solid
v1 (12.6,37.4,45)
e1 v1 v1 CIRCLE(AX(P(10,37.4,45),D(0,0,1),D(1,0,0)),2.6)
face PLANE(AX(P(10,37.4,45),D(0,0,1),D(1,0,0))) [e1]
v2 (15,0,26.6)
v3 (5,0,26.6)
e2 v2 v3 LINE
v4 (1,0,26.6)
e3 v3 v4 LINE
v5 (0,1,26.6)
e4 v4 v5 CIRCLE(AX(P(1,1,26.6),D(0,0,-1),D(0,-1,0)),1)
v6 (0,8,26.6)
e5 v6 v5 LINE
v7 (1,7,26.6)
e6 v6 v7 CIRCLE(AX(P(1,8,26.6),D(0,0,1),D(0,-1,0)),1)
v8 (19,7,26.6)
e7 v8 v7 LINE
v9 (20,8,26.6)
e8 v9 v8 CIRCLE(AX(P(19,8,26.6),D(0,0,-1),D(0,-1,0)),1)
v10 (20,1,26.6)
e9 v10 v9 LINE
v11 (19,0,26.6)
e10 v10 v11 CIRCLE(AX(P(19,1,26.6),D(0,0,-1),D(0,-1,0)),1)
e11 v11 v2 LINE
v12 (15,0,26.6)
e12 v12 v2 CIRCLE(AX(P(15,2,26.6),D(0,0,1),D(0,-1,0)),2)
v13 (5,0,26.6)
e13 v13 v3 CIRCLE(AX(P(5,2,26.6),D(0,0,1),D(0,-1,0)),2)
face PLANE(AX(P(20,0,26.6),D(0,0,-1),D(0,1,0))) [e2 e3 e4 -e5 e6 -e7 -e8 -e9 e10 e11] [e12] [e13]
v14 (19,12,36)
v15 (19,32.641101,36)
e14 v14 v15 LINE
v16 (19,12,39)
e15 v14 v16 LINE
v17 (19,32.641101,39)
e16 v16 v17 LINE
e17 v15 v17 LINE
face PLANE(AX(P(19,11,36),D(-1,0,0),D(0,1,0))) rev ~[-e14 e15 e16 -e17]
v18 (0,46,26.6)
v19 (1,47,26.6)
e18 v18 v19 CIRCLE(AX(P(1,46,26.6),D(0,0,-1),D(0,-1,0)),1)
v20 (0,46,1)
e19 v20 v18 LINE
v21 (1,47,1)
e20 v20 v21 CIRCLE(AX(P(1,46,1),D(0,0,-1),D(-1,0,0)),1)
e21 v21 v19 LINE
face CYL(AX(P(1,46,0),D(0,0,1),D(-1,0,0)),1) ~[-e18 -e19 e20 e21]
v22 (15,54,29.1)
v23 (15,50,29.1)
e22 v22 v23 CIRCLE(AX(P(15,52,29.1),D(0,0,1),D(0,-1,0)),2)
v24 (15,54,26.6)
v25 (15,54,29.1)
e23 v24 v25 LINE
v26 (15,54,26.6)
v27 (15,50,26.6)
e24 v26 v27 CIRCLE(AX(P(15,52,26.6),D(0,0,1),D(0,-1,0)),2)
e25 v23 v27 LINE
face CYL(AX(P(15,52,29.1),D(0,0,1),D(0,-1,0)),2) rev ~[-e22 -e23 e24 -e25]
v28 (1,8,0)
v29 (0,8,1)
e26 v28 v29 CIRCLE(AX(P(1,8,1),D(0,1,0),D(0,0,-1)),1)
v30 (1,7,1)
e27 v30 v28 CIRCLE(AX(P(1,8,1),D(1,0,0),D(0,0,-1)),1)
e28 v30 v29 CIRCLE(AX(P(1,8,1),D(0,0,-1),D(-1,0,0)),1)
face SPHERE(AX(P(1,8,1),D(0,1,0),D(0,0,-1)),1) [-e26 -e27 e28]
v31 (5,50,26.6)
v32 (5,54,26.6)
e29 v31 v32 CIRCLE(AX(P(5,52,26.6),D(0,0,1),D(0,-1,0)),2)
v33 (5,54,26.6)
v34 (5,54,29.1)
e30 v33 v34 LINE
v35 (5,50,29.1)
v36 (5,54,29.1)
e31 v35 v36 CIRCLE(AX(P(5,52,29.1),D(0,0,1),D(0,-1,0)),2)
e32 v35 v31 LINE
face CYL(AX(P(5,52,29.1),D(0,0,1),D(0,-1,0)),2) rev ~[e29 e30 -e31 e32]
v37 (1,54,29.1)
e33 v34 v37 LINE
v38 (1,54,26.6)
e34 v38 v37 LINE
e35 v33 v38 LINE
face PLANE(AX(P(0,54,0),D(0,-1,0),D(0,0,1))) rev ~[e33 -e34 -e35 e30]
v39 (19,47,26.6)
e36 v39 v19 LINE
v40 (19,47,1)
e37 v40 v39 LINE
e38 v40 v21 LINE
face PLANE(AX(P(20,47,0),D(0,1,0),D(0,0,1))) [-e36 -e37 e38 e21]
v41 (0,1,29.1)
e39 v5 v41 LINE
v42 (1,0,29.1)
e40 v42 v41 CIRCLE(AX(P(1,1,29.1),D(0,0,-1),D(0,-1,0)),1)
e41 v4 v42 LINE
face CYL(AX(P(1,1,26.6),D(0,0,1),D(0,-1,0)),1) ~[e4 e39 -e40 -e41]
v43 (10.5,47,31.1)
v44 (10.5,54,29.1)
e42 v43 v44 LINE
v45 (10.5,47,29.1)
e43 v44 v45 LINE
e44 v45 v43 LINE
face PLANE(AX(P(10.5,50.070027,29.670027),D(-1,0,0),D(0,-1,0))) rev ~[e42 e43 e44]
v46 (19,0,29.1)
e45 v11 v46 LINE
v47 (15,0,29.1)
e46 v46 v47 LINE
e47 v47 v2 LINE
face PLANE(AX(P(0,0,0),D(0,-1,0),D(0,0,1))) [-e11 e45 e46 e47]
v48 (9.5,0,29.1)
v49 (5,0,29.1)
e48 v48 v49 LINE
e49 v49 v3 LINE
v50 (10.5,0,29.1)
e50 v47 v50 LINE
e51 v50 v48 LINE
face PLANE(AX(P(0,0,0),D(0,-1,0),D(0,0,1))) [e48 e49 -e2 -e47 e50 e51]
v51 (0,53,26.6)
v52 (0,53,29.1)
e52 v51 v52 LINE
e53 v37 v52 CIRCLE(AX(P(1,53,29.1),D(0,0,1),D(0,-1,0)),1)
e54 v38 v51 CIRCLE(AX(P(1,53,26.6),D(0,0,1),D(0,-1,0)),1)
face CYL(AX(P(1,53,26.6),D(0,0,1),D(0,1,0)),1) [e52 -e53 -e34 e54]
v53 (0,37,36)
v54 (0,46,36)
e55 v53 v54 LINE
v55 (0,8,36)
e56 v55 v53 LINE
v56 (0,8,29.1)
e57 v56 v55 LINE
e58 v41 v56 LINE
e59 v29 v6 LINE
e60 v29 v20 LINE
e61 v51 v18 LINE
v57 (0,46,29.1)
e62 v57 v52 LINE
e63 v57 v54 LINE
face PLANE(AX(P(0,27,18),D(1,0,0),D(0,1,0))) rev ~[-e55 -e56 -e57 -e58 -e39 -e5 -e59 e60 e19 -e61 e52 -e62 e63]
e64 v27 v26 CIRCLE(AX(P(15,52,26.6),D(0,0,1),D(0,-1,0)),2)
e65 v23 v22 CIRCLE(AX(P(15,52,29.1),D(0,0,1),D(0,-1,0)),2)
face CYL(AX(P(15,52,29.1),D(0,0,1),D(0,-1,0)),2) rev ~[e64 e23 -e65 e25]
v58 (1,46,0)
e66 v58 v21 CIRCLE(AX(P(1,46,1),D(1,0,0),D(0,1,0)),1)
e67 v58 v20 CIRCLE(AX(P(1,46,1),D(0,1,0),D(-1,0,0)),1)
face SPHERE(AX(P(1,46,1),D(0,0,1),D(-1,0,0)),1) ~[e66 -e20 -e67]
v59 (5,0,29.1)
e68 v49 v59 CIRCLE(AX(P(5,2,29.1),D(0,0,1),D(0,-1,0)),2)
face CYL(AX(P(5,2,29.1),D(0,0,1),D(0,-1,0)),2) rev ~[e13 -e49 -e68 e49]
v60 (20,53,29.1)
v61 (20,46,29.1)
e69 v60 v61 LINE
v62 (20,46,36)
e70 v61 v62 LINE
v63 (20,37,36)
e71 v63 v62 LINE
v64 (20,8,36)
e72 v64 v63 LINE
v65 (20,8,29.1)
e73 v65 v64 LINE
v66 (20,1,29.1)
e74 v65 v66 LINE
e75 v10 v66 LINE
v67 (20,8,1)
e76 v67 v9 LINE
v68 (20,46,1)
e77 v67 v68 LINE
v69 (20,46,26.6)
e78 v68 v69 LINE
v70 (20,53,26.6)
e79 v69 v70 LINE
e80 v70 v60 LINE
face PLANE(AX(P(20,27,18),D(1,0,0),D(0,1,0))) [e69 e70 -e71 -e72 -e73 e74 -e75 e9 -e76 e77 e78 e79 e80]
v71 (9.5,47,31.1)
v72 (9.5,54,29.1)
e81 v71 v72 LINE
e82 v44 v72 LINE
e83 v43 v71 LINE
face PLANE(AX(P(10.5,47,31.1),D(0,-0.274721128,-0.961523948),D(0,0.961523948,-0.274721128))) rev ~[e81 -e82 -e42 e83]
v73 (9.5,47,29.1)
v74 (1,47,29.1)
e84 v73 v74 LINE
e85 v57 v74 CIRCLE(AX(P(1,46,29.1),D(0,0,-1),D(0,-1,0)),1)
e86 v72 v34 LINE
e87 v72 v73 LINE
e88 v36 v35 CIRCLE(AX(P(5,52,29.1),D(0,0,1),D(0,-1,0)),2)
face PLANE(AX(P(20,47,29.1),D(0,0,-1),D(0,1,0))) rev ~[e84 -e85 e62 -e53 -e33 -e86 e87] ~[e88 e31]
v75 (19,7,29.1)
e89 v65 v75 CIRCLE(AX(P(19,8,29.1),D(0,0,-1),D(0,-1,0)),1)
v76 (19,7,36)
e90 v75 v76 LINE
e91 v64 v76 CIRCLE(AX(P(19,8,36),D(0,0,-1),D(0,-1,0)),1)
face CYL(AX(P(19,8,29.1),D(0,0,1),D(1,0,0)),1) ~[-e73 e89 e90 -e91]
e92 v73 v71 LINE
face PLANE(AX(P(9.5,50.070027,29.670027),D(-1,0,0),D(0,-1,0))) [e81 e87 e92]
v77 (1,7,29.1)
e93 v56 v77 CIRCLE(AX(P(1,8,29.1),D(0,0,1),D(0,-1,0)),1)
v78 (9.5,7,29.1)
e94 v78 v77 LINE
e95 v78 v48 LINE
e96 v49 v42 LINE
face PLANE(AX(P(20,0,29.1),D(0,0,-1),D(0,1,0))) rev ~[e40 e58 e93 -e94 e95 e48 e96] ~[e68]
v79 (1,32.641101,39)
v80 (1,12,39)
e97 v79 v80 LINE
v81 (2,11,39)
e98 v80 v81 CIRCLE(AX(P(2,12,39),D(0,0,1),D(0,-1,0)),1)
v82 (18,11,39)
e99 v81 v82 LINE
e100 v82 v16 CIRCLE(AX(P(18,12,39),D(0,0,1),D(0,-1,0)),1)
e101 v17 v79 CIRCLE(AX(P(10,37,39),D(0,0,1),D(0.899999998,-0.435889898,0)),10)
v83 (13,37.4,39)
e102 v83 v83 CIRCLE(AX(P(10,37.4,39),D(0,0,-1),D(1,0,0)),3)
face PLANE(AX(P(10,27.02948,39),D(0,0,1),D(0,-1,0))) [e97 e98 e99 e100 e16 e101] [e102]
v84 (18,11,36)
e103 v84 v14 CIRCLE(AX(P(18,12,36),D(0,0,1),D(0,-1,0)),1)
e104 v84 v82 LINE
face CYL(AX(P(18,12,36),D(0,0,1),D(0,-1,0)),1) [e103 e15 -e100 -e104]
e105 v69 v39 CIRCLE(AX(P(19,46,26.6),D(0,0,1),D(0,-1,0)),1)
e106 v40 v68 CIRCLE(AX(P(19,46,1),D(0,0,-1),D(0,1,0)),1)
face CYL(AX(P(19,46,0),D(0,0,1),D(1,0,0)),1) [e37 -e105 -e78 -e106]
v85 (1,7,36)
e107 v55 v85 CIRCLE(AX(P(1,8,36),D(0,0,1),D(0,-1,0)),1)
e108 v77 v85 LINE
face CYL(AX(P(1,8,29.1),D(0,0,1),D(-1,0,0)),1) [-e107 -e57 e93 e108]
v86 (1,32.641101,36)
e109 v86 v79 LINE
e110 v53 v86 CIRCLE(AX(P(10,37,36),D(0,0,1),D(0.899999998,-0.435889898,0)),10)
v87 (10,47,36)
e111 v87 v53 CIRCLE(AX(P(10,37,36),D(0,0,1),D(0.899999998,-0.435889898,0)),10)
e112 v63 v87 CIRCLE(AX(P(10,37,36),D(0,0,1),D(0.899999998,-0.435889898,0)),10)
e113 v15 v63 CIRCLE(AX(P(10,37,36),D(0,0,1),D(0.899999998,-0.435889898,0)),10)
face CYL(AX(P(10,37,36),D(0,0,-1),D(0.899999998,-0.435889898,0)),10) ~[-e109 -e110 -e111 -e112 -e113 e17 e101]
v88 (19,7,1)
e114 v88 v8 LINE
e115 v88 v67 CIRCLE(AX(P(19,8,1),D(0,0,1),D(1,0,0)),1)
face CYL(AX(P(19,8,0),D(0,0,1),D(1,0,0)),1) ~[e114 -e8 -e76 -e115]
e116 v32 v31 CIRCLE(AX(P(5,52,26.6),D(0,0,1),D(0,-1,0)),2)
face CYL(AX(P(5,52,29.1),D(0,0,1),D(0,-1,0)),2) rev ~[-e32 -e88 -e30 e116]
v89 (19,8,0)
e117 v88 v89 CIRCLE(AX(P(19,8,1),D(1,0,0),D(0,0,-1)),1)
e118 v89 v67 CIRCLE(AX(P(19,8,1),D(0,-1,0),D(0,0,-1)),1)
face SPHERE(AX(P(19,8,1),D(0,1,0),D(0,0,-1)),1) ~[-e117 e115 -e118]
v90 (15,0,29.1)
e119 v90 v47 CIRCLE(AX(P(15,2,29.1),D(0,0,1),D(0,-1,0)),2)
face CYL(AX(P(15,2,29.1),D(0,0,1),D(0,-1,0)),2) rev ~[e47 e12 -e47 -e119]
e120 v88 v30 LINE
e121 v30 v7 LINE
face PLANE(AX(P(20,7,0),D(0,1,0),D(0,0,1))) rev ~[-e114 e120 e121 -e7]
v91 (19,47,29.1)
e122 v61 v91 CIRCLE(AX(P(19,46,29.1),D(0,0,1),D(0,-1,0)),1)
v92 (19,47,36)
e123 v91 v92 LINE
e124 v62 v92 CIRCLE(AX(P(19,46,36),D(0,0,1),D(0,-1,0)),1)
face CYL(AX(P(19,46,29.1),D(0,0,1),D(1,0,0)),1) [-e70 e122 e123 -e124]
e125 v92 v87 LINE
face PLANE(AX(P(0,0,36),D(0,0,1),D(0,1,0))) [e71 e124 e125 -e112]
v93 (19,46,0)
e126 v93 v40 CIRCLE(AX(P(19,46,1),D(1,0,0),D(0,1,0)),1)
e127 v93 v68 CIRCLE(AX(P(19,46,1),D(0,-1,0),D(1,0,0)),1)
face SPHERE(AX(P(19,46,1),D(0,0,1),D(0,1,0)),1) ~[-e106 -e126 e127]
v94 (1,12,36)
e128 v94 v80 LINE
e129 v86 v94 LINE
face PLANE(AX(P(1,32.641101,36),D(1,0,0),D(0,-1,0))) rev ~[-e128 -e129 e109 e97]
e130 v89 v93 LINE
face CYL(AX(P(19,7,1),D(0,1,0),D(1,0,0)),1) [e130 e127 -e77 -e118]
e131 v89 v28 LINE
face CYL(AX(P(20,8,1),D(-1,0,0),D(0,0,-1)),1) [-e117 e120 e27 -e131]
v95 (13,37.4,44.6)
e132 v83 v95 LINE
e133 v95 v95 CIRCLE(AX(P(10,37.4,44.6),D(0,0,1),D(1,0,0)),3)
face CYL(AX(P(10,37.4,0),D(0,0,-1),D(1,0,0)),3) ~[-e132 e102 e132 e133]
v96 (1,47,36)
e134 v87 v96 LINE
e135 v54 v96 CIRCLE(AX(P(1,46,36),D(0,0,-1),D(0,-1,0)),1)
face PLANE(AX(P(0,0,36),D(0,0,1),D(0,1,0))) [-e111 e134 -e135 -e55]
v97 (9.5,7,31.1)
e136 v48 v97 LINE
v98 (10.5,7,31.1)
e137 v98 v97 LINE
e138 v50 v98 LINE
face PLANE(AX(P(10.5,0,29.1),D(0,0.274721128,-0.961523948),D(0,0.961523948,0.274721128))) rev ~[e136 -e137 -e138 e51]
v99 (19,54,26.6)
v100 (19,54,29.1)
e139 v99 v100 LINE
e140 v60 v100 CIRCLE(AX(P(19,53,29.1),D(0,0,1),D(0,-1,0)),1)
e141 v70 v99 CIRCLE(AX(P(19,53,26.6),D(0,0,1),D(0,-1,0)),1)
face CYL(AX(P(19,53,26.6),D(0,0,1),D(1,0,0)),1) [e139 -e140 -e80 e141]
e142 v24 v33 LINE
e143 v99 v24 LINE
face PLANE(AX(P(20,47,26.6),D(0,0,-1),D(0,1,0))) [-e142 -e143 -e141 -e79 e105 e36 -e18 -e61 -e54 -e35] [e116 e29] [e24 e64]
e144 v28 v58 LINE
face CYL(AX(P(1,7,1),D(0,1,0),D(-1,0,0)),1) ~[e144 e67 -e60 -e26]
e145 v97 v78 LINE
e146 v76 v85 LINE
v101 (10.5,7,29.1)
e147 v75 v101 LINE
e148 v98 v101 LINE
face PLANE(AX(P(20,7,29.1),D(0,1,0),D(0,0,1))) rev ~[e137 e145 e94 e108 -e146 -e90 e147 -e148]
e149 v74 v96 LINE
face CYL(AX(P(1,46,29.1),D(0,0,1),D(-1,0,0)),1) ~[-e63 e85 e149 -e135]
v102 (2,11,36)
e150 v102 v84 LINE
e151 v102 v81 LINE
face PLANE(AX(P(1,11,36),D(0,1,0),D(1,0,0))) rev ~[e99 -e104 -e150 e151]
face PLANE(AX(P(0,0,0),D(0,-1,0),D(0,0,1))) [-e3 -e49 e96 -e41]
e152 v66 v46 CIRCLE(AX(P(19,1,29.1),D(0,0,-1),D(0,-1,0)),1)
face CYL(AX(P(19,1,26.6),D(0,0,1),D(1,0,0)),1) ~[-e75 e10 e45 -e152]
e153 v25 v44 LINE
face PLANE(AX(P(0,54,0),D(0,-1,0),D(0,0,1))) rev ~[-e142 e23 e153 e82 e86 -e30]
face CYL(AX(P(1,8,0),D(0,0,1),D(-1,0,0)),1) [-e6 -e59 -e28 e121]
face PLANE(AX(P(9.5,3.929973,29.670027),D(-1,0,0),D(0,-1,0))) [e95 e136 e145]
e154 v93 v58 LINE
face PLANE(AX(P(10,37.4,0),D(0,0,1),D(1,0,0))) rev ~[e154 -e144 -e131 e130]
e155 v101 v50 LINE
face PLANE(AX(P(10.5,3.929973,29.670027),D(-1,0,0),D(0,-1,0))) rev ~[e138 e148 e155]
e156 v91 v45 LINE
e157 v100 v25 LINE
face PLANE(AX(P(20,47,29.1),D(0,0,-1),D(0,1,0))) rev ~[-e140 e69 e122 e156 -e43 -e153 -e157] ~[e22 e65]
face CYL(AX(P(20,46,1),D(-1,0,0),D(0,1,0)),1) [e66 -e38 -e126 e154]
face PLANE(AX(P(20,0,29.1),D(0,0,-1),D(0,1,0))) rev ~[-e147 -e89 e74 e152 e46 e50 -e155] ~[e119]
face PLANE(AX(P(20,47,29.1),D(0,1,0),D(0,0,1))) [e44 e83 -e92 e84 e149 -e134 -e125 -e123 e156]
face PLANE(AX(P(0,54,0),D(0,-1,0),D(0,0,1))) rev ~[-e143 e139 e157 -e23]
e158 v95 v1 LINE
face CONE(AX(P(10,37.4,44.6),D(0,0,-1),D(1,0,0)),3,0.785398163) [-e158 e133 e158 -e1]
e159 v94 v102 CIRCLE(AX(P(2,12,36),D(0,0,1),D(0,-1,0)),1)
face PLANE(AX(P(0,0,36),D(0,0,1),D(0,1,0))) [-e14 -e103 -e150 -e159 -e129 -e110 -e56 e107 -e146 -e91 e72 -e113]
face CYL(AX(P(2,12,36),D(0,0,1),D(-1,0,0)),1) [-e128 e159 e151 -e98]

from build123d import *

# Parameters (mm, degrees)
SKETCH_W        = 54
SKETCH_H        = 36
PAD_DEPTH       = 20
SKETCH001_W     = 7
SKETCH001_H     = 26.6
SKETCH001_H_2   = 6.9
POCKET_DEPTH    = 20.001
PAD001_DEPTH    = 3
SKETCH003_R     = 3
PAD002_DEPTH    = 45
SKETCH004_R     = 2
POCKET001_DEPTH = 2.5
PAD003_START    = -9.5
PAD003_DEPTH    = 1
CHAMFER_SIZE    = 0.4
FILLET_R        = 1
FILLET001_R     = 1
FILLET002_R     = 1


with BuildPart() as part:
    # Sketch → Pad (new body)
    with BuildSketch(Plane.YZ):
        with Locations((27, 18)):
            Rectangle(SKETCH_W, SKETCH_H)
    extrude(amount=PAD_DEPTH)

    # Sketch001 (on DatumPlane) → Pocket (cut, through all)
    with BuildSketch(Plane.YZ.offset(20)):
        with Locations((3.5, 13.3)):
            Rectangle(SKETCH001_W, SKETCH001_H)
        with Locations((50.5, 13.3)):
            Rectangle(SKETCH001_W, SKETCH001_H)
        with Locations((3.5, 32.55)):
            Rectangle(SKETCH001_W, SKETCH001_H_2)
        with Locations((50.5, 32.55)):
            Rectangle(SKETCH001_W, SKETCH001_H_2)
    extrude(amount=-POCKET_DEPTH, mode=Mode.SUBTRACT)

    # Sketch002 (on DatumPlane) → Pad001 (join)
    with BuildSketch(Plane(origin=(0, 0, 36), x_dir=(0, -1, 0), z_dir=(0, 0, 1))):
        with BuildLine():
            Line((-11, 19), (-32.641101, 19))
            ThreePointArc((-32.641101, 19), (-47, 10), (-32.641101, 1))
            Line((-32.641101, 1), (-11, 1))
            Line((-11, 1), (-11, 19))
        make_face()
    extrude(amount=PAD001_DEPTH)

    # Sketch003 → Pad002 (join)
    with BuildSketch(Plane.XY):
        with Locations((10, 37.4)):
            Circle(SKETCH003_R)
    extrude(amount=PAD002_DEPTH)

    # Sketch004 (on Face7 of Pad002) → Pocket001 (cut)
    with BuildSketch(Plane(origin=(0, 0, 29.1), x_dir=(0, -1, 0), z_dir=(0, 0, 1))):
        with Locations((-52, 15)):
            Circle(SKETCH004_R)
        with Locations((-52, 5)):
            Circle(SKETCH004_R)
        with Locations((-2, 15)):
            Circle(SKETCH004_R)
        with Locations((-2, 5)):
            Circle(SKETCH004_R)
    extrude(amount=-POCKET001_DEPTH, mode=Mode.SUBTRACT)

    # Sketch005 (on DatumPlane) → Pad003 (join)
    with BuildSketch(Plane.YZ.offset(20).offset(PAD003_START)):
        Polygon((0, 29.1), (7, 31.1), (7, 29.1), align=None)
        Polygon((54, 29.1), (47, 29.1), (47, 31.1), align=None)
    extrude(amount=-PAD003_DEPTH)

    # Chamfer
    chamfer_edges = [part.edges().sort_by_distance(p)[0] for p in [
        (7, 37.4, 45),
    ]]
    chamfer(chamfer_edges, length=CHAMFER_SIZE)

    # Fillet
    fillet_edges = [part.edges().sort_by_distance(p)[0] for p in [
        (0, 47, 13.3),
        (20, 47, 13.3),
        (0, 27, 0),
        (10, 47, 0),
        (20, 27, 0),
        (10, 7, 0),
        (0, 7, 13.3),
        (20, 7, 13.3),
        (20, 7, 32.55),
        (0, 7, 32.55),
        (20, 47, 32.55),
        (0, 47, 32.55),
    ]]
    fillet(fillet_edges, radius=FILLET_R)

    # Fillet001
    fillet001_edges = [part.edges().sort_by_distance(p)[0] for p in [
        (0, 54, 27.85),
        (20, 54, 27.85),
        (0, 0, 27.85),
        (20, 0, 27.85),
    ]]
    fillet(fillet001_edges, radius=FILLET001_R)

    # Fillet002
    fillet002_edges = [part.edges().sort_by_distance(p)[0] for p in [
        (1, 11, 37.5),
        (19, 11, 37.5),
    ]]
    fillet(fillet002_edges, radius=FILLET002_R)


solid = part.part
